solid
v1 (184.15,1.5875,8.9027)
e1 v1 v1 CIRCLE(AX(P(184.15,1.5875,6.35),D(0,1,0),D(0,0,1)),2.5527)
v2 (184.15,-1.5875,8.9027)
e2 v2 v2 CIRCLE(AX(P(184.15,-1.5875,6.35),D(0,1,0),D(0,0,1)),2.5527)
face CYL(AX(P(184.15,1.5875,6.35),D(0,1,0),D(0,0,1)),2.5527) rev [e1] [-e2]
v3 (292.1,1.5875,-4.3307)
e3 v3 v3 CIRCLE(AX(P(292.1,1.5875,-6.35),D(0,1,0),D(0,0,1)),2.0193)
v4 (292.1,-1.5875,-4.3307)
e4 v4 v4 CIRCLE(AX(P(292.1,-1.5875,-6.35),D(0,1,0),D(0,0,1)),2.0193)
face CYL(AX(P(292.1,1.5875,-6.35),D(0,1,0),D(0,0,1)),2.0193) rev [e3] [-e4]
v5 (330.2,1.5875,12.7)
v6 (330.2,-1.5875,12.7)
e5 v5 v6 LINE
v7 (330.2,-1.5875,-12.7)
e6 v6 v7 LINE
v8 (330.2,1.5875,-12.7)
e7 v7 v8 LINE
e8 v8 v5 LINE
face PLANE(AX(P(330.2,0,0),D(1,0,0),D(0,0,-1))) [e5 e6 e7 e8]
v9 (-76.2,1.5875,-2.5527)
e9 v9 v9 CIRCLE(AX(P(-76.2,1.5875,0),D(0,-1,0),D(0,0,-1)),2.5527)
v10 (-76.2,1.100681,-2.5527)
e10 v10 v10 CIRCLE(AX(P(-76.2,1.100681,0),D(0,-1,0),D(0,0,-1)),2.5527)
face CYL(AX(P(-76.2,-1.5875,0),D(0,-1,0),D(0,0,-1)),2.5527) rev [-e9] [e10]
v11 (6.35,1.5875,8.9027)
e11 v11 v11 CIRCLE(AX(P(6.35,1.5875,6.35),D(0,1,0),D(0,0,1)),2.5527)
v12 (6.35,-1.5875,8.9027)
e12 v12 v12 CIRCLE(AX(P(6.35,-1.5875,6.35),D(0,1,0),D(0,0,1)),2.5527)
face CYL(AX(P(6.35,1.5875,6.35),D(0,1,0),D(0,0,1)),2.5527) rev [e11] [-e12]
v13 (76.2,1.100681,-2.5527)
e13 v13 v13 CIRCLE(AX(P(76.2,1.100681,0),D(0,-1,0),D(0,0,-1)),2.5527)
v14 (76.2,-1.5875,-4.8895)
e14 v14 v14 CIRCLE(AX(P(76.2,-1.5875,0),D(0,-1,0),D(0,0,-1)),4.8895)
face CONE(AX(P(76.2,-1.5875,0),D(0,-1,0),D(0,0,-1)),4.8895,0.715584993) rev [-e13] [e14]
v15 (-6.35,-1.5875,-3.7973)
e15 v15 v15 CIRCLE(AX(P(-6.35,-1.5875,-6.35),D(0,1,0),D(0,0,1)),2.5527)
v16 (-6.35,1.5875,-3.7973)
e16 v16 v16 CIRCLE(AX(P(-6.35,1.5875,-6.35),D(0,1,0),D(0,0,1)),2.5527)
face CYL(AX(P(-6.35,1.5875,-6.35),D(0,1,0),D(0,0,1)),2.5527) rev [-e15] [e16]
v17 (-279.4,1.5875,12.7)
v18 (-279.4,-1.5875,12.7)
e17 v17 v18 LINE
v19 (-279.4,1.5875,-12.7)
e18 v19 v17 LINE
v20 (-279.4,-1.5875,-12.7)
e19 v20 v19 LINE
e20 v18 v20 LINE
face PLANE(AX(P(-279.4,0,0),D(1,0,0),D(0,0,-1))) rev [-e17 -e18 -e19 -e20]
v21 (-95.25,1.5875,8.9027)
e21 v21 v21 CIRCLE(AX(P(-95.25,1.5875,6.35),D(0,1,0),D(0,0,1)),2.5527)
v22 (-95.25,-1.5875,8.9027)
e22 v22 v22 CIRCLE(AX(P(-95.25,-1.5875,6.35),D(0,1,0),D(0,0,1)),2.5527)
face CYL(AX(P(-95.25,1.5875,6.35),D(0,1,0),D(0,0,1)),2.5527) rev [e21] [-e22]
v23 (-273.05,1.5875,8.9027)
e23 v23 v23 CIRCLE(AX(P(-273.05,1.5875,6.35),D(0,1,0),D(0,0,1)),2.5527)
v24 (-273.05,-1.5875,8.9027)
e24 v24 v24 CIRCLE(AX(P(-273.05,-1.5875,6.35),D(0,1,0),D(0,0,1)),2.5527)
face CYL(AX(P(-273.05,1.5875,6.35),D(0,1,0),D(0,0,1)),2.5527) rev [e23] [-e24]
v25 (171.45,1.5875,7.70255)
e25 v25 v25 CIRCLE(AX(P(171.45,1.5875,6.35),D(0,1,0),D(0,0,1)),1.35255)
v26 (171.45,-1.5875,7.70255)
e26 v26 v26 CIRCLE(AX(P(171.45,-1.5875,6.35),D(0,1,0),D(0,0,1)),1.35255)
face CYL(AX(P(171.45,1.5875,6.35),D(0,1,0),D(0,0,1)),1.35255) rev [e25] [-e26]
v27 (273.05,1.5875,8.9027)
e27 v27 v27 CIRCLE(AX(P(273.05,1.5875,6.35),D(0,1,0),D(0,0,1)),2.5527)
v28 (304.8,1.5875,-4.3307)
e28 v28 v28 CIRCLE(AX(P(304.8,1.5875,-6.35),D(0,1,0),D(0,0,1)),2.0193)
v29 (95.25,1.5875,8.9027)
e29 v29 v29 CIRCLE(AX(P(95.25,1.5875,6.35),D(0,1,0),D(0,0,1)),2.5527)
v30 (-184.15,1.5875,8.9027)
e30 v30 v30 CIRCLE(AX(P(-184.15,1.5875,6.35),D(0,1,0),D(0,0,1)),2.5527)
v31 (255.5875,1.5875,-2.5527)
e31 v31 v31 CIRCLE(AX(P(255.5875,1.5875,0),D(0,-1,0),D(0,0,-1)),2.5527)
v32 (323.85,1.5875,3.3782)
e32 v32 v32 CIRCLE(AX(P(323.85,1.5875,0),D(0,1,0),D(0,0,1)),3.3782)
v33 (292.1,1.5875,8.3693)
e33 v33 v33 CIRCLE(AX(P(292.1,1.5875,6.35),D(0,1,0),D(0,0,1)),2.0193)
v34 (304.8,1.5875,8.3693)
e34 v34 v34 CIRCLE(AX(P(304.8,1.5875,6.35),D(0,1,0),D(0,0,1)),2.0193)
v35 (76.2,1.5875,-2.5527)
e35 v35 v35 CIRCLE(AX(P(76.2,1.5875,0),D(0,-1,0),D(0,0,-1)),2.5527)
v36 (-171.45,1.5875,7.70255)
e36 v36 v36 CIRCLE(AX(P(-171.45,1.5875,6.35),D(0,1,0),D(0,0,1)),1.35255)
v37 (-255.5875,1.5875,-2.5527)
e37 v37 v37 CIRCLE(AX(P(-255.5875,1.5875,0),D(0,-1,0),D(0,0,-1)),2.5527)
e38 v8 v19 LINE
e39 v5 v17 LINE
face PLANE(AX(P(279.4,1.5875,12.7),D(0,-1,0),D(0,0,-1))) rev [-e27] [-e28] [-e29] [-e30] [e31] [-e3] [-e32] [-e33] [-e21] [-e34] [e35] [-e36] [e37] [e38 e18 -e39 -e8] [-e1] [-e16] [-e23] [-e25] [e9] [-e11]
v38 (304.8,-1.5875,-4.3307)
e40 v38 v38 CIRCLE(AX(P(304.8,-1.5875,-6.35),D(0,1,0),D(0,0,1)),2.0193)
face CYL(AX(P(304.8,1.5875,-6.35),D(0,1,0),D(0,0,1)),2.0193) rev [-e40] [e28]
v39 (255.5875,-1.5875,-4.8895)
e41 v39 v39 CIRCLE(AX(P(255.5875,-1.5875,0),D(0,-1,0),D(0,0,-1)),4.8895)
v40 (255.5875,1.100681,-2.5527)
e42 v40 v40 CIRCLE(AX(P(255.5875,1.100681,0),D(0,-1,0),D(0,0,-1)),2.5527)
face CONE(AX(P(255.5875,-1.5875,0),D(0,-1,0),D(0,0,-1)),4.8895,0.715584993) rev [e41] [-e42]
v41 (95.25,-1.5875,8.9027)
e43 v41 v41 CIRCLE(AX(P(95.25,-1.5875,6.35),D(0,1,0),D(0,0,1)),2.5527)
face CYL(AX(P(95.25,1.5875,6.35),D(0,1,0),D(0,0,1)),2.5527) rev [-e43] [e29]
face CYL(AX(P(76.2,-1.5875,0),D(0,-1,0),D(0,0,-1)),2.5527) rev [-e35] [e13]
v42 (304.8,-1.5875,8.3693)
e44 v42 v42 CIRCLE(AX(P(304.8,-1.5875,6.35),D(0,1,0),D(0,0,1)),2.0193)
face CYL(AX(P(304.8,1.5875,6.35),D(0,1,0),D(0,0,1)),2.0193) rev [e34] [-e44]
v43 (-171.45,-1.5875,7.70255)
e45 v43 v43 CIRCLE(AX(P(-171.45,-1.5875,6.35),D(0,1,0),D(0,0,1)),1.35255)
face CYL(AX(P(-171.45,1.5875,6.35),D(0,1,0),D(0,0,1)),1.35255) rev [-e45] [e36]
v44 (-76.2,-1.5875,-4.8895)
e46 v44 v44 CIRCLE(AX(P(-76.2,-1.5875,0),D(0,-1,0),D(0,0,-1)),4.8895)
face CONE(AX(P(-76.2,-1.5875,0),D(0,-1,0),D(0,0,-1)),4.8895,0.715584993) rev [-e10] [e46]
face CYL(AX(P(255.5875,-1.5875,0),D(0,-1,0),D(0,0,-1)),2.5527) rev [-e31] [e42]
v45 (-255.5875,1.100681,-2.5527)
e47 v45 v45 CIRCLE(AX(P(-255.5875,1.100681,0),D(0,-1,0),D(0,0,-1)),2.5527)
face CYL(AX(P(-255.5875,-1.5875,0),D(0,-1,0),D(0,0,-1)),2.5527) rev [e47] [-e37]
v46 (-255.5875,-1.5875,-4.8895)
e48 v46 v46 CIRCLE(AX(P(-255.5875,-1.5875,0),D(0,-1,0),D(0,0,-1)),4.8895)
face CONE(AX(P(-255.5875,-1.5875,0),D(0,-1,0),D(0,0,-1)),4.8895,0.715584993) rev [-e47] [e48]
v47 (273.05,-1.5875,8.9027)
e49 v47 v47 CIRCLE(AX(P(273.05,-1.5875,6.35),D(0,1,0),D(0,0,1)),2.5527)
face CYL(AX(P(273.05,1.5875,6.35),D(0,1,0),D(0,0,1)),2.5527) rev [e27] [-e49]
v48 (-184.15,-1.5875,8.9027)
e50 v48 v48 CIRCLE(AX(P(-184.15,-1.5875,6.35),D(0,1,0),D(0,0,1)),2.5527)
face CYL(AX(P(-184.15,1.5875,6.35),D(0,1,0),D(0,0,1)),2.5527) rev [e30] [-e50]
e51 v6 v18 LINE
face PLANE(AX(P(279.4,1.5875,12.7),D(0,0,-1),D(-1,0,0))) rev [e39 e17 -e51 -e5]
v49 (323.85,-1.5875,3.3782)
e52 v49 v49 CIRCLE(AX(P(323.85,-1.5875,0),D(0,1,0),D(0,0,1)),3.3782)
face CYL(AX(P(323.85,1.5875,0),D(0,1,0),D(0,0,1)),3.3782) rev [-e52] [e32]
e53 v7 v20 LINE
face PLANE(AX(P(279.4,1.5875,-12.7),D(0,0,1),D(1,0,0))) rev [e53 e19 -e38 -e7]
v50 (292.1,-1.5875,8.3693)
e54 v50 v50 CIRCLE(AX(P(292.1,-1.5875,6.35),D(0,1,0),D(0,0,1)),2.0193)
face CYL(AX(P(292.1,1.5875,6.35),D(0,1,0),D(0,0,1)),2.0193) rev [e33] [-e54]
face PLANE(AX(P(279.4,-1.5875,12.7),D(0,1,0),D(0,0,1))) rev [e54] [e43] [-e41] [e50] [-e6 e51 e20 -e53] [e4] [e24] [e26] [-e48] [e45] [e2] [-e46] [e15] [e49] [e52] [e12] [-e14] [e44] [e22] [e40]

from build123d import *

# Parameters (mm, degrees)
SKETCH1_W                                    = 25.4
SKETCH1_H                                    = 3.175
BOSS_EXTRUDE1_DEPTH                          = 279.4
F_10_CLEARANCE_HOLE1_D                       = 5.1054
CSK_FOR_10_FLAT_HEAD_MACHINE_SCREW1_AT_COUNT = 2
CSK_FOR_10_FLAT_HEAD_MACHINE_SCREW1_AT_PITCH = 179.3875
F_6_32_TAPPED_HOLE1_D                        = 2.7051
F_10_CLEARANCE_HOLE2_D                       = 5.1054
SKETCH12_W                                   = 25.4
SKETCH12_H                                   = 3.175
BOSS_EXTRUDE2_DEPTH                          = 50.8
F_1_4_CLEARANCE_HOLE1_D                      = 6.7564
F_10_32_TAPPED_HOLE1_D                       = 4.0386


with BuildPart() as part:
    # Sketch1 → Boss-Extrude1 (new body, symmetric)
    with BuildSketch(Plane(origin=(0, 0, 0), x_dir=(0, 0, -1), z_dir=(1, 0, 0))):
        Rectangle(SKETCH1_W, SKETCH1_H)
    extrude(amount=BOSS_EXTRUDE1_DEPTH, both=True)

    # #10 Clearance Hole1 (through all)
    with Locations(Plane(origin=(0, 1.5875, 0), x_dir=(1, 0, 0), z_dir=(0, 1, 0))):
        with Locations((-273.05, -6.35), (-184.15, -6.35), (-95.25, -6.35)):
            f_10_clearance_hole1 = Hole(F_10_CLEARANCE_HOLE1_D / 2)

    # Sketch5 → CSK for #10 Flat Head Machine Screw1 (revolve, cut)
    with BuildSketch(Plane(origin=(-255.5875, -1.5875, 0), x_dir=(0, 0, -1), z_dir=(1, 0, 0))):
        Polygon((0, 0), (0, 3.175), (2.5527, 3.175), (2.5527, 2.688180894), (4.8895, 0), align=None)
    csk_for_10_flat_head_machine_screw1 = revolve(axis=Axis((-255.5875, -7.9375, 0), (0, 1, 0)), mode=Mode.SUBTRACT)

    # CSK for #10 Flat Head Machine Screw1 at: CSK for #10 Flat Head Machine Screw1 ×2
    with Locations(*[(i * CSK_FOR_10_FLAT_HEAD_MACHINE_SCREW1_AT_PITCH, 0, 0) for i in range(1, CSK_FOR_10_FLAT_HEAD_MACHINE_SCREW1_AT_COUNT)]):
        add(csk_for_10_flat_head_machine_screw1, mode=Mode.SUBTRACT)

    # #6-32 Tapped Hole1 (through all)
    with Locations(Plane(origin=(0, 1.5875, 0), x_dir=(1, 0, 0), z_dir=(0, 1, 0))):
        with Locations((-171.45, -6.35)):
            f_6_32_tapped_hole1 = Hole(F_6_32_TAPPED_HOLE1_D / 2)

    # Mirror1: #6-32 Tapped Hole1, #10 Clearance Hole1, CSK for #10 Flat Head Machine Screw1 across plane
    add(f_6_32_tapped_hole1.mirror(Plane(origin=(0, 0, 0), x_dir=(0, 0, 1), z_dir=(1, 0, 0))), mode=Mode.SUBTRACT)
    add(f_10_clearance_hole1.mirror(Plane(origin=(0, 0, 0), x_dir=(0, 0, 1), z_dir=(1, 0, 0))), mode=Mode.SUBTRACT)
    add(csk_for_10_flat_head_machine_screw1.mirror(Plane(origin=(0, 0, 0), x_dir=(0, 0, 1), z_dir=(1, 0, 0))), mode=Mode.SUBTRACT)

    # Mirror1 copy 1 sketch → Mirror1 copy 1 (revolve, cut)
    with BuildSketch(Plane(origin=(76.2, -1.5875, 0), x_dir=(0, 0, -1), z_dir=(-1, 0, 0))):
        Polygon((0, 0), (0, -3.175), (2.5527, -3.175), (2.5527, -2.688180894), (4.8895, 0), align=None)
    revolve(axis=Axis((76.2, -7.9375, 0), (0, -1, 0)), mode=Mode.SUBTRACT)

    # #10 Clearance Hole2 (through all)
    with Locations(Plane(origin=(0, 1.5875, 0), x_dir=(1, 0, 0), z_dir=(0, 1, 0))):
        with Locations((-6.35, 6.35), (6.35, -6.35)):
            Hole(F_10_CLEARANCE_HOLE2_D / 2)

    # Sketch12 → Boss-Extrude2 (add)
    with BuildSketch(Plane(origin=(279.4, 0, 0), x_dir=(0, 0, -1), z_dir=(1, 0, 0))):
        Rectangle(SKETCH12_W, SKETCH12_H)
    extrude(amount=BOSS_EXTRUDE2_DEPTH)

    # 1/4 Clearance Hole1 (through all)
    with Locations(Plane(origin=(0, 1.5875, 0), x_dir=(1, 0, 0), z_dir=(0, 1, 0))):
        with Locations((323.85, 0)):
            Hole(F_1_4_CLEARANCE_HOLE1_D / 2)

    # #10-32 Tapped Hole1 (through all)
    with Locations(Plane(origin=(0, 1.5875, 0), x_dir=(1, 0, 0), z_dir=(0, 1, 0))):
        with Locations((304.8, 6.35), (292.1, 6.35), (304.8, -6.35), (292.1, -6.35)):
            Hole(F_10_32_TAPPED_HOLE1_D / 2)


solid = part.part
